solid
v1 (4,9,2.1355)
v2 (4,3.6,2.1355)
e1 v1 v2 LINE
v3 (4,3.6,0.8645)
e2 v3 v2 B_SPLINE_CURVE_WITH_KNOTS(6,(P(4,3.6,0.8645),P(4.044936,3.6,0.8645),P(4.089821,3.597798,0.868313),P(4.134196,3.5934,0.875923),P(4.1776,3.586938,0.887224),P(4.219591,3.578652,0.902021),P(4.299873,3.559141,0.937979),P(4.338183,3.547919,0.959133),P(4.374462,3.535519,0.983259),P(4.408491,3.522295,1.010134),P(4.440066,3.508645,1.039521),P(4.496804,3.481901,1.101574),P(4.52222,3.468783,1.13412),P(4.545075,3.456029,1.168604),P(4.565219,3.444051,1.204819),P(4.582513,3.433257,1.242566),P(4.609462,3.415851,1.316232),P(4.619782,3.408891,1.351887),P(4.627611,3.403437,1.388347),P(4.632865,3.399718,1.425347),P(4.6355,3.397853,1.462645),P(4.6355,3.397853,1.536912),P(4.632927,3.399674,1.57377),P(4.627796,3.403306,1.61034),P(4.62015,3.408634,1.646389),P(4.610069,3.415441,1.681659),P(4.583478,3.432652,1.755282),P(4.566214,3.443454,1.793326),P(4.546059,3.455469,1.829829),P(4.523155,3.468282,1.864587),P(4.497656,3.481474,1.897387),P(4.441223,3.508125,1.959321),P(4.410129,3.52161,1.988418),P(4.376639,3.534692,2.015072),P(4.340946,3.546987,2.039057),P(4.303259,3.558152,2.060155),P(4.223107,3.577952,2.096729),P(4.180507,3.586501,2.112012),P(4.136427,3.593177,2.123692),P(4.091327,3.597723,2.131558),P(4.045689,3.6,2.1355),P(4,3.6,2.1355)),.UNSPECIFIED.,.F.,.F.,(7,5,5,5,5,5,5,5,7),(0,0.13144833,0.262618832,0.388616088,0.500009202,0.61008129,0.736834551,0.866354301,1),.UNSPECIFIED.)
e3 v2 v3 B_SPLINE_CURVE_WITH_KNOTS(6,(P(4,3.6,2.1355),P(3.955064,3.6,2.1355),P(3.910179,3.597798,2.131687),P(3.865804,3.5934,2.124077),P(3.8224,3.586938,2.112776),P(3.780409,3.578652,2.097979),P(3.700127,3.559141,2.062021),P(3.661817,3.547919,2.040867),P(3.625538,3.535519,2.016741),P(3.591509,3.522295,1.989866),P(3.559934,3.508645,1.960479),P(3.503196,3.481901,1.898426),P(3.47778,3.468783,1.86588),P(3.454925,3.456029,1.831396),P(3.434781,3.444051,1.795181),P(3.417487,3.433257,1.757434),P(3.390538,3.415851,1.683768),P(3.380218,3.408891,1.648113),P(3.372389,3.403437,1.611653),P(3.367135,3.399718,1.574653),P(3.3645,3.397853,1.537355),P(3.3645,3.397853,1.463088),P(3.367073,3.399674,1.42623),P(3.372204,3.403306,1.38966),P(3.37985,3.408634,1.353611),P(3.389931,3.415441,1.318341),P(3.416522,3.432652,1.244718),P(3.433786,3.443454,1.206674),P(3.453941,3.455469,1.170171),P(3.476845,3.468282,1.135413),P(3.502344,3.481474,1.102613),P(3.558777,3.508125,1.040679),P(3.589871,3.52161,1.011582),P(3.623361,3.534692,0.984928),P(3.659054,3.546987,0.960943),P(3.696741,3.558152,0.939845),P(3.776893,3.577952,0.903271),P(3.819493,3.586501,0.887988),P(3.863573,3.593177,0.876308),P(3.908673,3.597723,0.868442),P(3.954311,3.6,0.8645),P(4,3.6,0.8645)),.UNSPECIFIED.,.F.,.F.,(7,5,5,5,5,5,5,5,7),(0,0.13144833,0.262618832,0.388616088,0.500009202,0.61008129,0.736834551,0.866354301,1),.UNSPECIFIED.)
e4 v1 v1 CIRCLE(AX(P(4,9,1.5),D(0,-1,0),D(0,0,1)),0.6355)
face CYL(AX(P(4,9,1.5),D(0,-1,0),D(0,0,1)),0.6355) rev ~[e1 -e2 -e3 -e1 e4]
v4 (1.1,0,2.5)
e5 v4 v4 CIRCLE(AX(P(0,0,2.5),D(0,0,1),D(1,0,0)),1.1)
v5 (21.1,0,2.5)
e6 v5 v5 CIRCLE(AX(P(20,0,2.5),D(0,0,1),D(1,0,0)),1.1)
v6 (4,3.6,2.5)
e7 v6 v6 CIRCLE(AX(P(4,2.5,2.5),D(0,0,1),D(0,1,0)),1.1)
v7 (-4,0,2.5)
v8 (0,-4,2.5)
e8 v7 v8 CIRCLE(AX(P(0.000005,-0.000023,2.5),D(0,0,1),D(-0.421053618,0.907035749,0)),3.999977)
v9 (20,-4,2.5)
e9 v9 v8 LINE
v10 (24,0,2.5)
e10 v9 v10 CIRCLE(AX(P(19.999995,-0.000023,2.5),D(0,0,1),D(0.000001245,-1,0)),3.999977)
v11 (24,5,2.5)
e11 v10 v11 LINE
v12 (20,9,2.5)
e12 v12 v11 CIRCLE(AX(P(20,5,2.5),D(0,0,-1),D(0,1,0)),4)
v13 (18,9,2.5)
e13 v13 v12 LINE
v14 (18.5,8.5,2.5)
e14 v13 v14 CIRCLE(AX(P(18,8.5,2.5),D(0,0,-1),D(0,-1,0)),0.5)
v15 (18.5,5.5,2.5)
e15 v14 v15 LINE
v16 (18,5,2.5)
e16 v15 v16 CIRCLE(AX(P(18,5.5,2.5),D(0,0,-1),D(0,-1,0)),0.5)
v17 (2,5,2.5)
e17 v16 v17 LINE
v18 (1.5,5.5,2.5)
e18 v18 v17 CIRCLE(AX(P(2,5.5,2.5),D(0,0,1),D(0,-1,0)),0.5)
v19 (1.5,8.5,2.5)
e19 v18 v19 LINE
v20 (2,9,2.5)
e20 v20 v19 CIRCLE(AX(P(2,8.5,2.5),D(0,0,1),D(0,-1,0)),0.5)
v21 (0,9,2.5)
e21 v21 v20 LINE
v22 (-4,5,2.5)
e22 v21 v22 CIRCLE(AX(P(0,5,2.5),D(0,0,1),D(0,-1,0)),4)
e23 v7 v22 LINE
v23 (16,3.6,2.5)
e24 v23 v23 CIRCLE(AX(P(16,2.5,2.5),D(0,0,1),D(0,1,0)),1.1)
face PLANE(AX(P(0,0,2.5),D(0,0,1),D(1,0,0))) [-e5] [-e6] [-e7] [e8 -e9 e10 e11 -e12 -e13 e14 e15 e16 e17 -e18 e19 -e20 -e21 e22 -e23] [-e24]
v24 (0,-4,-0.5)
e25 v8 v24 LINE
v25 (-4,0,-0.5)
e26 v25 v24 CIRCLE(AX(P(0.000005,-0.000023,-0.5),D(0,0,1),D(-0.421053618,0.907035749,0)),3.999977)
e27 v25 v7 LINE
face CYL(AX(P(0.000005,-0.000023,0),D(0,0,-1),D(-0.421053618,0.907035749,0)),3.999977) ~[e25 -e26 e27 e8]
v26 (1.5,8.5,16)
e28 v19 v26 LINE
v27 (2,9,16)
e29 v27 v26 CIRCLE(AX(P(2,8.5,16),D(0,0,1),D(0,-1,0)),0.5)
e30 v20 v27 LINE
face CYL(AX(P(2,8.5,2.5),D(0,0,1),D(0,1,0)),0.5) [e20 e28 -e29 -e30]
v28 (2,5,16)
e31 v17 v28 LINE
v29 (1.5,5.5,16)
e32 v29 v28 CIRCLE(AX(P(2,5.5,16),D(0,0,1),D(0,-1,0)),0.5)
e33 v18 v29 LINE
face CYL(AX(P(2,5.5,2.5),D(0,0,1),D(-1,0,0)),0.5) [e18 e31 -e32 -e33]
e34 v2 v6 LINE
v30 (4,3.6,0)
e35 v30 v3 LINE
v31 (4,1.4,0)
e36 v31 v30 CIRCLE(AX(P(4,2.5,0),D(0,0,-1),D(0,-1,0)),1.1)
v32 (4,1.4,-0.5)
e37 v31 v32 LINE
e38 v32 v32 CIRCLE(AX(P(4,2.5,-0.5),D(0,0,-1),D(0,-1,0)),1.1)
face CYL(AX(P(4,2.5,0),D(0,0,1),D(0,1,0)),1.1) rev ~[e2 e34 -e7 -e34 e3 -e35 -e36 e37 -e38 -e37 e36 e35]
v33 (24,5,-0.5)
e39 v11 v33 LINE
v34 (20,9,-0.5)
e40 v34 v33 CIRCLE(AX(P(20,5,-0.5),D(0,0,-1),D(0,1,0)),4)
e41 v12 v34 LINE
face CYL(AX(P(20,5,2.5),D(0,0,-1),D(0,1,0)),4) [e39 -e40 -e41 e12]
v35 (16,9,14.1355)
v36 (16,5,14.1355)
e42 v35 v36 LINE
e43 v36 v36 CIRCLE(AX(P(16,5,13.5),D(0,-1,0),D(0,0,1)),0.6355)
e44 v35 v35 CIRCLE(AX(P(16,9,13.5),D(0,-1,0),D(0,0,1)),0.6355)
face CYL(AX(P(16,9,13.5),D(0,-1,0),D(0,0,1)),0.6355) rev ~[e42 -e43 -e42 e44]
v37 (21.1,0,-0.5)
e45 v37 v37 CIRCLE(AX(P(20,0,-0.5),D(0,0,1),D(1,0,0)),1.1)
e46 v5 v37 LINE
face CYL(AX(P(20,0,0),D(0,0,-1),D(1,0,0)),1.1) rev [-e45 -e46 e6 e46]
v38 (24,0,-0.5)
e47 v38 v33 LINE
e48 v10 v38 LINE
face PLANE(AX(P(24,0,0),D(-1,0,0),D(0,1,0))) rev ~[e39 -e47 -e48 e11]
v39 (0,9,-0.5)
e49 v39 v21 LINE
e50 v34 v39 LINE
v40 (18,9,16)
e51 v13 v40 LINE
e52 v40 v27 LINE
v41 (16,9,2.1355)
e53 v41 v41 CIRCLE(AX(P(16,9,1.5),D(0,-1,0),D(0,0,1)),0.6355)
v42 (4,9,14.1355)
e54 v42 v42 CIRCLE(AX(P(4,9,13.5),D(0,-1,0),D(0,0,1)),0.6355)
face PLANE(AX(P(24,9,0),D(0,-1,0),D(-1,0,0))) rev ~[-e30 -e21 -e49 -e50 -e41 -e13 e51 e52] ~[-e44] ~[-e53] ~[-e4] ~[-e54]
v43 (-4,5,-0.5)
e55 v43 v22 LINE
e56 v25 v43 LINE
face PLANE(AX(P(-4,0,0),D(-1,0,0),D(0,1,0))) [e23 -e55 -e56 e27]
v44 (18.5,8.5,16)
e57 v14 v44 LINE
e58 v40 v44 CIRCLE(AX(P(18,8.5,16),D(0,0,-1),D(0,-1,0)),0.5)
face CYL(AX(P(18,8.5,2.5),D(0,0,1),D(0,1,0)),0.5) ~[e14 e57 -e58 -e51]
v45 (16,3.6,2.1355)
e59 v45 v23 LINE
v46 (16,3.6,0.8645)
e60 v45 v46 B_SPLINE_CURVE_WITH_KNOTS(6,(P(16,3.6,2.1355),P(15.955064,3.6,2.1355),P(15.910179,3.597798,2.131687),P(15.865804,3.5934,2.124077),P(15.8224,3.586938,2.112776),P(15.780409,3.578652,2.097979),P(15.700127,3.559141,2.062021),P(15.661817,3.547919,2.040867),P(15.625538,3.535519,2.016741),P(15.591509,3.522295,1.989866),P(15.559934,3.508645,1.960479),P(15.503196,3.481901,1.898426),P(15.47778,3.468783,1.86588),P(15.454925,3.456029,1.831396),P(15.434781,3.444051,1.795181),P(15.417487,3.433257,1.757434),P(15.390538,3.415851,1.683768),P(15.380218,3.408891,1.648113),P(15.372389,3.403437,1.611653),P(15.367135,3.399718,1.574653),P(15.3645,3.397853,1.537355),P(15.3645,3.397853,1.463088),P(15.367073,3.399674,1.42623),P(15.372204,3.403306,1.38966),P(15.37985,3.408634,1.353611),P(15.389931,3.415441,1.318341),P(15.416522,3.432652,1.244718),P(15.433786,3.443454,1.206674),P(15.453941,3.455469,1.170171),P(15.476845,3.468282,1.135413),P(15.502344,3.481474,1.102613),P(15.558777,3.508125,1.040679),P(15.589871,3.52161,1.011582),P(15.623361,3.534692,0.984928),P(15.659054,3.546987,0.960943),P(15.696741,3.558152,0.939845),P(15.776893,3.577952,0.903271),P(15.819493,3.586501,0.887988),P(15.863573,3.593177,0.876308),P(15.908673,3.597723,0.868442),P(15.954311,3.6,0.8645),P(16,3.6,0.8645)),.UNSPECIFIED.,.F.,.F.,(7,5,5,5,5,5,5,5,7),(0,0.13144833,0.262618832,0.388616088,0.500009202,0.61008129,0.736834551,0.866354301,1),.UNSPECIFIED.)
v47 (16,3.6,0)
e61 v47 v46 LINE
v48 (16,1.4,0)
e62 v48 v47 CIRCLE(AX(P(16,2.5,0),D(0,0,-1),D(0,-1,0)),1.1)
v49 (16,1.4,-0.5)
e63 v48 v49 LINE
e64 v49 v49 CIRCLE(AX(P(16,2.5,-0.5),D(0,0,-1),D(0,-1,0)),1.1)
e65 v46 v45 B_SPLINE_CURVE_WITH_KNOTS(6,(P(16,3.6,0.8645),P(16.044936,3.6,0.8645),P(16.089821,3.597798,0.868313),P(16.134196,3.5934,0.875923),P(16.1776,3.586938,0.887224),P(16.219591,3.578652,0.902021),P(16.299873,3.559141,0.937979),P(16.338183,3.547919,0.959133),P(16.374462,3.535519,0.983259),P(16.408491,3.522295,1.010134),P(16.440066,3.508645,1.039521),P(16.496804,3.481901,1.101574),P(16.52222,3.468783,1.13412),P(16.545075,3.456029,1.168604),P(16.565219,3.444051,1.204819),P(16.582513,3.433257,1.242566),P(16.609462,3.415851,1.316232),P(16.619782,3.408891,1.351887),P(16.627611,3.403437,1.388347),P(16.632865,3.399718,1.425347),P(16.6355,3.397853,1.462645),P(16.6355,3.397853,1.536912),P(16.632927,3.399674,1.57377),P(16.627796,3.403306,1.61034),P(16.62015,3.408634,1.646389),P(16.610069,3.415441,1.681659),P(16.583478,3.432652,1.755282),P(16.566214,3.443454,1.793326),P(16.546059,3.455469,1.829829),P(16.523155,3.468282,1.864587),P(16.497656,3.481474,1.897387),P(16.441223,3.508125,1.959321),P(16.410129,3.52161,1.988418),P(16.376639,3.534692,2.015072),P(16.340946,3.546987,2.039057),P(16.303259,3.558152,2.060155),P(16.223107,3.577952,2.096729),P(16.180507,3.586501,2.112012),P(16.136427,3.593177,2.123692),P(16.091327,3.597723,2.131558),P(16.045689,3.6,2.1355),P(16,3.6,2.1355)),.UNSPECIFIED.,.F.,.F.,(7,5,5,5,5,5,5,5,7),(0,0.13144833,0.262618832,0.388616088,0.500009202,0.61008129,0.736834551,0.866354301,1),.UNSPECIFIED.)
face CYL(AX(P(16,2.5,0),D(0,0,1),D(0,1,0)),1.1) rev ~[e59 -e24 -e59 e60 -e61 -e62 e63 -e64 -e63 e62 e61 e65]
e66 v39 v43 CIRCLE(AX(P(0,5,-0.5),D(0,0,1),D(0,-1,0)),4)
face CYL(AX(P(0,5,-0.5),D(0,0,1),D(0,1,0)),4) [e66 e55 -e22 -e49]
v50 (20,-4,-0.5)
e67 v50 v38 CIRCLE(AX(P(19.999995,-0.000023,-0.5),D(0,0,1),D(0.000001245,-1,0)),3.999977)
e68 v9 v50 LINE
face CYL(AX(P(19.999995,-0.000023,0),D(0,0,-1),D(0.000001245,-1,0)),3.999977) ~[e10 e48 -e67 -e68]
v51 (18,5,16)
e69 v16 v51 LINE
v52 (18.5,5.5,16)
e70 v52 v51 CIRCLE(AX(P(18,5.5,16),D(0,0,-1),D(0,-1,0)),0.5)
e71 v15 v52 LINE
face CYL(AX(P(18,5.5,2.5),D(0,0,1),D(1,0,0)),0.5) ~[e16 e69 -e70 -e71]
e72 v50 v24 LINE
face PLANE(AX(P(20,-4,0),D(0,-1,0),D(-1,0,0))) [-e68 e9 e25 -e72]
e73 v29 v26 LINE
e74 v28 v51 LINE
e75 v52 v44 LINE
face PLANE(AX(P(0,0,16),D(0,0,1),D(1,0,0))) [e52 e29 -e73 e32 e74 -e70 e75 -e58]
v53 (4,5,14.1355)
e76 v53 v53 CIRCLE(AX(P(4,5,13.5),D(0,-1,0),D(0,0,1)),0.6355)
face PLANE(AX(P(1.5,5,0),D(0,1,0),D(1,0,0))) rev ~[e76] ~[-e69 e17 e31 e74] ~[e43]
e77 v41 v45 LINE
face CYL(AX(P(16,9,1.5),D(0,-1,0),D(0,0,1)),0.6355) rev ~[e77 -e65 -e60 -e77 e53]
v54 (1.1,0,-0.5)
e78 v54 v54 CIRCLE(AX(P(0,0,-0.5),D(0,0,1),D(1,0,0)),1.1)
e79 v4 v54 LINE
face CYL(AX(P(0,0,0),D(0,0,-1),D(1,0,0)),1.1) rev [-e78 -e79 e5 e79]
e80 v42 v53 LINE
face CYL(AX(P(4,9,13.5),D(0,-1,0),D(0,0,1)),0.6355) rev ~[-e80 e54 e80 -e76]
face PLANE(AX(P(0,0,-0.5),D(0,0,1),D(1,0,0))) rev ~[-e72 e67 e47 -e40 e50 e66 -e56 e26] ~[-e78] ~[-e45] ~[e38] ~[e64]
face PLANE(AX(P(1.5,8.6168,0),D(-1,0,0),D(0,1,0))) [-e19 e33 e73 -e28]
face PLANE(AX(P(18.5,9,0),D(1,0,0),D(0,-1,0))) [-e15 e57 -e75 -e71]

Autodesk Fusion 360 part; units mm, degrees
sketch "Sketch2" plane through (0, 0, 0) normal (0, 0, 1) x (1, 0, 0)
  arc A0 (18.5, 20) -> (18, 20.5) centre (18, 20) ccw
  line L0 (18.5, 20) -> (18.5, 8.6168)
  arc A1 (18.5, 8.6168) -> (21.6842, 3.6281) centre (24, 8.6168) ccw
  arc A2 (20, -4) -> (21.6842, 3.6281) centre (20, 0) ccw
  line L1 (20, -4) -> (0, -4)
  arc A3 (-1.6842, 3.6281) -> (0, -4) centre (0, 0) ccw
  arc A4 (-1.6842, 3.6281) -> (1.5, 8.6168) centre (-4, 8.6168) ccw
  line L2 (1.5, 8.6168) -> (1.5, 20)
  arc A5 (2, 20.5) -> (1.5, 20) centre (2, 20) ccw
  line L3 (2, 20.5) -> (18, 20.5)
  circle A6 centre (20, 0) radius 1.1
  circle A7 centre (0, 0) radius 1.1
  line L4 (24, 9) -> (-4, 9)
  line L5 (-4, 0) -> (-4, 9)
  line L6 (24, 0) -> (24, 9)
  line L7 (1.5, 9) -> (1.5, 5)
  line L8 (1.5, 5) -> (18.5, 5)
  line L9 (18.5, 5) -> (18.5, 9)
  line L10 (10, -4) -> (10, 20.5) construction
  point P0 (4, 2.5)
  point P1 (16, 2.5)
  dimension "d2" = 9
  dimension "d6" = 4
  dimension "d20" = 12
  dimension "d21" = 2.5
ref_plane "WorkPlane1" through (0, 9, 0) normal (0, 1, 0) x (0, 0, 1)
sketch "Sketch3" plane through (0, 9, 0) normal (0, 1, 0) x (1, 0, 0)
  circle A0 centre (4, -13.5) radius 0.625
  circle A1 centre (4, -13.5) radius 0.625
  circle A2 centre (16, -13.5) radius 0.625
  circle A3 centre (16, -13.5) radius 0.625
  circle A4 centre (16, -1.5) radius 0.625
  circle A5 centre (16, -1.5) radius 0.625
  circle A6 centre (4, -1.5) radius 0.625
  circle A7 centre (4, -1.5) radius 0.625
  dimension "d4" = 12
  dimension "d5" = 12
extrude "Extrude1" add sketch "Sketch2" along normal blind 2.5 and the other way blind 0.5 contours L0 A1 A2 L4 L6 L9 | L0 L2 L4 L7 L8 L9 | A1 A2 L1 A3 A4 L7 L8 L9 | A3 A4 L2 L4 L5 L7
extrude "Extrude2" add sketch "Sketch2" along normal blind 16 contours L0 L2 L4 L7 L8 L9
hole "Hole1" at (4, 9, 13.5) at (16, 9, 13.5) at (16, 9, 1.5) at (4, 9, 1.5) direction (0, -1, 0) diameter 1.271 depth 6.5 tip angle 118
thread "Thread1" "ISO Metric profile 1.6 M1.6x0.35 6H"
fillet "Fillet1" radius 4 2 edges at (24, 9, 1) (-4, 9, 1)
fillet "Fillet1" radius 0.5 4 edges at (18.5, 9, 9.25) (1.5, 9, 9.25) (18.5, 5, 9.25) (1.5, 5, 9.25)
hole "Hole2" at (16, 2.5, 0) at (4, 2.5, 0) direction (0, 0, 1) diameter 2.2 depth 11 tip angle 118
hole "Hole3" at (16, 2.5, 0) at (4, 2.5, 0) direction (0, 0, -1) diameter 2.2 depth 11 tip angle 118
